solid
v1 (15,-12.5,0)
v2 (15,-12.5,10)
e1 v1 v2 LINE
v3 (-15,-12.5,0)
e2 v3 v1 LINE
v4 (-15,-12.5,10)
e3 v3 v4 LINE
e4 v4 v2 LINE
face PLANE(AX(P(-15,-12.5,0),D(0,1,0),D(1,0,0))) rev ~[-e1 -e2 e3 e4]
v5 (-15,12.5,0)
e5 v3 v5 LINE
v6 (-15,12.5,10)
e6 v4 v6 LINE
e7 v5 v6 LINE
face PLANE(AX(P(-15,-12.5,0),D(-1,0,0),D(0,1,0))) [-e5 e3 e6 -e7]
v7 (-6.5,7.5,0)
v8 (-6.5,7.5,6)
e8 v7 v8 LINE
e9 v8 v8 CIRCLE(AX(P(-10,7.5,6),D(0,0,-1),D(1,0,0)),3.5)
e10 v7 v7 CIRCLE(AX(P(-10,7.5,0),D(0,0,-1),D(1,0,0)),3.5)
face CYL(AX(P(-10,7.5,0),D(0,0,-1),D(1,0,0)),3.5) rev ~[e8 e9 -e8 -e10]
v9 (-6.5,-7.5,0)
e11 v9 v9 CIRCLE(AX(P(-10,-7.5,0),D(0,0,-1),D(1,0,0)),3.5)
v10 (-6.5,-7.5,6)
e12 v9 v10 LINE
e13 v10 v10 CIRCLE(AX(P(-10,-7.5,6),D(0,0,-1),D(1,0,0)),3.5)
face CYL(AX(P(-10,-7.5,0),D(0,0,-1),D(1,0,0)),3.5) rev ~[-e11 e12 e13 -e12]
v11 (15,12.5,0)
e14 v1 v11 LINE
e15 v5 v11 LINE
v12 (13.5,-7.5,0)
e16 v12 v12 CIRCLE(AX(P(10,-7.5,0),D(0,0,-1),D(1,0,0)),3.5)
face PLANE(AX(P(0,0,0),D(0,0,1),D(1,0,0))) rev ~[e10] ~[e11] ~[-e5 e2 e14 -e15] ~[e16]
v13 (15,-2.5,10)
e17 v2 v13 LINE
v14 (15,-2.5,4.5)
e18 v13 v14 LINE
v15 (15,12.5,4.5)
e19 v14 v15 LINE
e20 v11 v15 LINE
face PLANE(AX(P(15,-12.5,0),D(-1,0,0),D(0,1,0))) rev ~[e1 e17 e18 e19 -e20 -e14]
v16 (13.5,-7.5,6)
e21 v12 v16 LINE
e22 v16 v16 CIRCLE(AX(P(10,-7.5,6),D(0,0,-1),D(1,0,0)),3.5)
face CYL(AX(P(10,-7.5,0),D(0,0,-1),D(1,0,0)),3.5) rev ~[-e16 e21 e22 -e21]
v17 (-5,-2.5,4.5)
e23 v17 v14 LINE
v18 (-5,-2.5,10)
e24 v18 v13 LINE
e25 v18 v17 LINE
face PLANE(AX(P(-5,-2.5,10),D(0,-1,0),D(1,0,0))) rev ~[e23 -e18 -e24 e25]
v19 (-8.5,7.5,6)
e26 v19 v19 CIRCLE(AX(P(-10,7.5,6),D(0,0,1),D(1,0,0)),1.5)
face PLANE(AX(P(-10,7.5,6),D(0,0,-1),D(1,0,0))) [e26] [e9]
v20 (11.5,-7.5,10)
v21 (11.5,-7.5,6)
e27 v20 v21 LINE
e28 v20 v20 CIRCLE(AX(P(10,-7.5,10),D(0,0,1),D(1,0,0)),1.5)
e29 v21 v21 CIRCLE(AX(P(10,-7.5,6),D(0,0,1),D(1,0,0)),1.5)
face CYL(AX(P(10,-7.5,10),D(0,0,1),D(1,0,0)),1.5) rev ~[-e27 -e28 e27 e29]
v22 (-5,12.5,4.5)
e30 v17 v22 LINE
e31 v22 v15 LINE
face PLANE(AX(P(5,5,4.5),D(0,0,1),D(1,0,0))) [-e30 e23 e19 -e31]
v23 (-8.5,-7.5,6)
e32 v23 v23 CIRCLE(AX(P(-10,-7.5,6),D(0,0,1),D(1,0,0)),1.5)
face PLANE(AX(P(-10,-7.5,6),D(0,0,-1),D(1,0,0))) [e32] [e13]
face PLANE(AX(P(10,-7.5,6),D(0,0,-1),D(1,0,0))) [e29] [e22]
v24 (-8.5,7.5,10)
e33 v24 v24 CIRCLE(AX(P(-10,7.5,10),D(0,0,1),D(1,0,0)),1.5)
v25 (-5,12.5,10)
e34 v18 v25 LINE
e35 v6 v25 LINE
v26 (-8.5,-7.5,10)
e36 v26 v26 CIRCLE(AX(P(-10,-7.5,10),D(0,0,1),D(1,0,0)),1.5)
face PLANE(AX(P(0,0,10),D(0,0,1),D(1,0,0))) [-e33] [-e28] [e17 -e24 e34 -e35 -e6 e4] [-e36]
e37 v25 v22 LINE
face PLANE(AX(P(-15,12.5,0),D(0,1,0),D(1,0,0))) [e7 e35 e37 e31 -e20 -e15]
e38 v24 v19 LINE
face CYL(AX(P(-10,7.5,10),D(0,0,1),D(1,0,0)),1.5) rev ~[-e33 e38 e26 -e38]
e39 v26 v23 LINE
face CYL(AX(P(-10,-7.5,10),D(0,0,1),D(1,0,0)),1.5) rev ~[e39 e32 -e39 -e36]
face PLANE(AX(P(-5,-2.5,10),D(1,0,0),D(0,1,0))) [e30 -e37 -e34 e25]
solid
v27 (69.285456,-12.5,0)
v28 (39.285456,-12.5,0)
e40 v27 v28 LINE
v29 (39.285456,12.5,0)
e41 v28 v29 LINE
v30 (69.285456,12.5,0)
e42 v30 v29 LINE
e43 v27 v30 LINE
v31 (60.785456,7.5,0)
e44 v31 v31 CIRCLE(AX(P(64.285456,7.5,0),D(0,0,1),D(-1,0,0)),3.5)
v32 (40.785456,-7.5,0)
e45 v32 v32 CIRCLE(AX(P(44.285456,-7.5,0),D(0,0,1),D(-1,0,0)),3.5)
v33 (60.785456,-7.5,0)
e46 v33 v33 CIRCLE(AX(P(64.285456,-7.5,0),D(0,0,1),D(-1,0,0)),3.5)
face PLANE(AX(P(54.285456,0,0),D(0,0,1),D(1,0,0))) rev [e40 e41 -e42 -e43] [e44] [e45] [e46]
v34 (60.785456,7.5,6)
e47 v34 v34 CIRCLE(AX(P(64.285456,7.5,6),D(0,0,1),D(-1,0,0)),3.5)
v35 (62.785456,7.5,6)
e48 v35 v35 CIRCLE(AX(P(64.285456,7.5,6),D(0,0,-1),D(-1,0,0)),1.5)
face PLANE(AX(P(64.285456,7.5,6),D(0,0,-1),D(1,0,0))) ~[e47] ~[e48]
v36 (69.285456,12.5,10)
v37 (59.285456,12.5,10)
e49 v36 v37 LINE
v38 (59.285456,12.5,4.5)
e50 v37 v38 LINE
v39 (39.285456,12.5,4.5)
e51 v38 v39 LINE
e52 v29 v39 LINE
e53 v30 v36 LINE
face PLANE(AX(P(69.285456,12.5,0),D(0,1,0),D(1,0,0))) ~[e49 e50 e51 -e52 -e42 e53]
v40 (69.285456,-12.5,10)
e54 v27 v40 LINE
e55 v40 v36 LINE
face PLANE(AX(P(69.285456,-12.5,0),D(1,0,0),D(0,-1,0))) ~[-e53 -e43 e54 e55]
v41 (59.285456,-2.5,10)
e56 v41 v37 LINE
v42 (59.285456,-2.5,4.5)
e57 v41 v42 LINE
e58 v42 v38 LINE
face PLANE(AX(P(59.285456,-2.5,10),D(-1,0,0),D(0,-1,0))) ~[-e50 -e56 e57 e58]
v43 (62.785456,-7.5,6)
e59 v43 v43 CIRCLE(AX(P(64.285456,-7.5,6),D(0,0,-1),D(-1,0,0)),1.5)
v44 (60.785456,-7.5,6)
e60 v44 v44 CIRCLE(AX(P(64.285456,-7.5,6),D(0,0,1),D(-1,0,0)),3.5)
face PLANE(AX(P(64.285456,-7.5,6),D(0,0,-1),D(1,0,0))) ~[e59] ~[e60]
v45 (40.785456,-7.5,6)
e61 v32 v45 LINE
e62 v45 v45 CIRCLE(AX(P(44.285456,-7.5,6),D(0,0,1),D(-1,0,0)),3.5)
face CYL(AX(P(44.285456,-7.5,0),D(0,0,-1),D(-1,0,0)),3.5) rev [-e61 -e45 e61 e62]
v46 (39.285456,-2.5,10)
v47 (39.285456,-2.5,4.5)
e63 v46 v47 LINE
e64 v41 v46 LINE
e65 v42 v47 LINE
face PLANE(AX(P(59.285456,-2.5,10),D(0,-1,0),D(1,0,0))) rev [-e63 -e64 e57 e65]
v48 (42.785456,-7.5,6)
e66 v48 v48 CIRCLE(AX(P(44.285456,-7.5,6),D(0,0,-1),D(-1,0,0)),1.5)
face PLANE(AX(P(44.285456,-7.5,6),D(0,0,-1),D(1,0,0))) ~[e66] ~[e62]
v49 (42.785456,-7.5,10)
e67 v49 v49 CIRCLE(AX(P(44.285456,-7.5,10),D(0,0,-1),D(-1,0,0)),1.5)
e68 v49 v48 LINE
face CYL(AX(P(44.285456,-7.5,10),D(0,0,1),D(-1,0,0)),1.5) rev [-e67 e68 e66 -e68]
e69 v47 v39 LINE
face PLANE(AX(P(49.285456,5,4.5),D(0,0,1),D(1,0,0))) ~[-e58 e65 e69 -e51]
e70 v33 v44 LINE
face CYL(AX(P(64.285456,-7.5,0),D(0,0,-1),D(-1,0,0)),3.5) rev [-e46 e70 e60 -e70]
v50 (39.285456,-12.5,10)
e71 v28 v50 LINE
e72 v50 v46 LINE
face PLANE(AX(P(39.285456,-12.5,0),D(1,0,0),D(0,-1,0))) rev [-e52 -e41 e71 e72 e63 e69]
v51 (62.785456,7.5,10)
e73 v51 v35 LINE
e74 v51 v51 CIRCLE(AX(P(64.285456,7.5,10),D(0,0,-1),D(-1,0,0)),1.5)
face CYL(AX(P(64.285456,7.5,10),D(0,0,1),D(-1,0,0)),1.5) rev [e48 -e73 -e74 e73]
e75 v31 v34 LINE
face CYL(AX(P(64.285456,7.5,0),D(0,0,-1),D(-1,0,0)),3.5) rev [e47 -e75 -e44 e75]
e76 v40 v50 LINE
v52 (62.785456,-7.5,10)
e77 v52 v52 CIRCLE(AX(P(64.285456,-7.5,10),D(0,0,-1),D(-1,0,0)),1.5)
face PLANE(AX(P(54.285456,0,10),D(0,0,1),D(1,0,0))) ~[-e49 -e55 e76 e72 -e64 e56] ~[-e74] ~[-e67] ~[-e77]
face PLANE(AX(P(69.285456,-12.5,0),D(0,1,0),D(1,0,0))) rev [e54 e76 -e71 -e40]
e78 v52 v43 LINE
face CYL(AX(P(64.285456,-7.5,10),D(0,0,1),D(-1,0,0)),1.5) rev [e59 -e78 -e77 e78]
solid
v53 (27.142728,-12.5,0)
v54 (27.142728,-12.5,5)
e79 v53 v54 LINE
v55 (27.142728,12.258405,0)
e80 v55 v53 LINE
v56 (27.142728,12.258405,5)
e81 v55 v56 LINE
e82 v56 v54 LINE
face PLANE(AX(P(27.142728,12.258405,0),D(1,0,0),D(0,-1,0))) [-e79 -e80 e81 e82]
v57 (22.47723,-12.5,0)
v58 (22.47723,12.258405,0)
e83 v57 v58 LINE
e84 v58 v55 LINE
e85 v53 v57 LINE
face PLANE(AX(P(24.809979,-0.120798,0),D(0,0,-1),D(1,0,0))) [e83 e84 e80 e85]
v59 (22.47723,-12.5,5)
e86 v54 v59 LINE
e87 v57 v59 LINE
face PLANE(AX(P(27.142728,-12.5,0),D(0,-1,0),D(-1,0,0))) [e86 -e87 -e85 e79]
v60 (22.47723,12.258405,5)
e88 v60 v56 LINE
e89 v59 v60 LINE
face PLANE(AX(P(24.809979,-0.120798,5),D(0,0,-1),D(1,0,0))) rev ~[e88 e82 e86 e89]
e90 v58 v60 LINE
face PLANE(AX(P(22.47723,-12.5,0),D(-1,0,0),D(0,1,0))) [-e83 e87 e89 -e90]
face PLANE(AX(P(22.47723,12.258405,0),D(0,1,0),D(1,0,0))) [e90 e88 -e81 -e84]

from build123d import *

# Parameters (mm, degrees)
F0_W     = 30
F0_H     = 25
F1_DEPTH = 10
F2_W     = 20
F2_H     = 15
F3_DEPTH = 5.5
F4_R     = 1.5
F5_DEPTH = 25
F6_R     = 3.5
F7_DEPTH = 6
F9_DEPTH = 5


with BuildPart() as f1:
    # F0 (on Top) → F1 (new body)
    with BuildSketch(Plane.XY):
        Rectangle(F0_W, F0_H)
    extrude(amount=F1_DEPTH)

    # F2 (on face) → F3 (cut)
    with BuildSketch(Plane.XY.offset(10)):
        with Locations((5, 5)):
            Rectangle(F2_W, F2_H)
    extrude(amount=-F3_DEPTH, mode=Mode.SUBTRACT)

    # F4 (on face) → F5 (cut)
    with BuildSketch(Plane.XY.offset(10)):
        with Locations((-10, 7.5)):
            Circle(F4_R)
        with Locations((10, -7.5)):
            Circle(F4_R)
        with Locations((-10, -7.5)):
            Circle(F4_R)
    extrude(amount=-F5_DEPTH, mode=Mode.SUBTRACT)

    # F6 (on face) → F7 (cut)
    with BuildSketch(Plane(origin=(0, 0, 0), x_dir=(1, 0, 0), z_dir=(0, 0, -1))):
        with Locations((-10, -7.5)):
            Circle(F6_R)
        with Locations((-10, 7.5)):
            Circle(F6_R)
        with Locations((10, 7.5)):
            Circle(F6_R)
    extrude(amount=-F7_DEPTH, mode=Mode.SUBTRACT)


with BuildPart() as f9:
    # F8 (on face) → F9 (new body)
    with BuildSketch(Plane(origin=(0, 0, 0), x_dir=(1, 0, 0), z_dir=(0, 0, -1))):
        Polygon((22.47723, 12.5), (22.47723, 0), (22.47723, -12.258405), (27.142728, -12.258405), (27.142728, 12.5), align=None)
    extrude(amount=-F9_DEPTH)


with BuildPart() as f10_1:
    # F10: instance of F1
    add(f1.part.mirror(Plane(origin=(27.142728, -0.120798, 2.5), x_dir=(0, 1, 0), z_dir=(1, 0, 0))))


solid = Compound([f1.part, f9.part, f10_1.part])
